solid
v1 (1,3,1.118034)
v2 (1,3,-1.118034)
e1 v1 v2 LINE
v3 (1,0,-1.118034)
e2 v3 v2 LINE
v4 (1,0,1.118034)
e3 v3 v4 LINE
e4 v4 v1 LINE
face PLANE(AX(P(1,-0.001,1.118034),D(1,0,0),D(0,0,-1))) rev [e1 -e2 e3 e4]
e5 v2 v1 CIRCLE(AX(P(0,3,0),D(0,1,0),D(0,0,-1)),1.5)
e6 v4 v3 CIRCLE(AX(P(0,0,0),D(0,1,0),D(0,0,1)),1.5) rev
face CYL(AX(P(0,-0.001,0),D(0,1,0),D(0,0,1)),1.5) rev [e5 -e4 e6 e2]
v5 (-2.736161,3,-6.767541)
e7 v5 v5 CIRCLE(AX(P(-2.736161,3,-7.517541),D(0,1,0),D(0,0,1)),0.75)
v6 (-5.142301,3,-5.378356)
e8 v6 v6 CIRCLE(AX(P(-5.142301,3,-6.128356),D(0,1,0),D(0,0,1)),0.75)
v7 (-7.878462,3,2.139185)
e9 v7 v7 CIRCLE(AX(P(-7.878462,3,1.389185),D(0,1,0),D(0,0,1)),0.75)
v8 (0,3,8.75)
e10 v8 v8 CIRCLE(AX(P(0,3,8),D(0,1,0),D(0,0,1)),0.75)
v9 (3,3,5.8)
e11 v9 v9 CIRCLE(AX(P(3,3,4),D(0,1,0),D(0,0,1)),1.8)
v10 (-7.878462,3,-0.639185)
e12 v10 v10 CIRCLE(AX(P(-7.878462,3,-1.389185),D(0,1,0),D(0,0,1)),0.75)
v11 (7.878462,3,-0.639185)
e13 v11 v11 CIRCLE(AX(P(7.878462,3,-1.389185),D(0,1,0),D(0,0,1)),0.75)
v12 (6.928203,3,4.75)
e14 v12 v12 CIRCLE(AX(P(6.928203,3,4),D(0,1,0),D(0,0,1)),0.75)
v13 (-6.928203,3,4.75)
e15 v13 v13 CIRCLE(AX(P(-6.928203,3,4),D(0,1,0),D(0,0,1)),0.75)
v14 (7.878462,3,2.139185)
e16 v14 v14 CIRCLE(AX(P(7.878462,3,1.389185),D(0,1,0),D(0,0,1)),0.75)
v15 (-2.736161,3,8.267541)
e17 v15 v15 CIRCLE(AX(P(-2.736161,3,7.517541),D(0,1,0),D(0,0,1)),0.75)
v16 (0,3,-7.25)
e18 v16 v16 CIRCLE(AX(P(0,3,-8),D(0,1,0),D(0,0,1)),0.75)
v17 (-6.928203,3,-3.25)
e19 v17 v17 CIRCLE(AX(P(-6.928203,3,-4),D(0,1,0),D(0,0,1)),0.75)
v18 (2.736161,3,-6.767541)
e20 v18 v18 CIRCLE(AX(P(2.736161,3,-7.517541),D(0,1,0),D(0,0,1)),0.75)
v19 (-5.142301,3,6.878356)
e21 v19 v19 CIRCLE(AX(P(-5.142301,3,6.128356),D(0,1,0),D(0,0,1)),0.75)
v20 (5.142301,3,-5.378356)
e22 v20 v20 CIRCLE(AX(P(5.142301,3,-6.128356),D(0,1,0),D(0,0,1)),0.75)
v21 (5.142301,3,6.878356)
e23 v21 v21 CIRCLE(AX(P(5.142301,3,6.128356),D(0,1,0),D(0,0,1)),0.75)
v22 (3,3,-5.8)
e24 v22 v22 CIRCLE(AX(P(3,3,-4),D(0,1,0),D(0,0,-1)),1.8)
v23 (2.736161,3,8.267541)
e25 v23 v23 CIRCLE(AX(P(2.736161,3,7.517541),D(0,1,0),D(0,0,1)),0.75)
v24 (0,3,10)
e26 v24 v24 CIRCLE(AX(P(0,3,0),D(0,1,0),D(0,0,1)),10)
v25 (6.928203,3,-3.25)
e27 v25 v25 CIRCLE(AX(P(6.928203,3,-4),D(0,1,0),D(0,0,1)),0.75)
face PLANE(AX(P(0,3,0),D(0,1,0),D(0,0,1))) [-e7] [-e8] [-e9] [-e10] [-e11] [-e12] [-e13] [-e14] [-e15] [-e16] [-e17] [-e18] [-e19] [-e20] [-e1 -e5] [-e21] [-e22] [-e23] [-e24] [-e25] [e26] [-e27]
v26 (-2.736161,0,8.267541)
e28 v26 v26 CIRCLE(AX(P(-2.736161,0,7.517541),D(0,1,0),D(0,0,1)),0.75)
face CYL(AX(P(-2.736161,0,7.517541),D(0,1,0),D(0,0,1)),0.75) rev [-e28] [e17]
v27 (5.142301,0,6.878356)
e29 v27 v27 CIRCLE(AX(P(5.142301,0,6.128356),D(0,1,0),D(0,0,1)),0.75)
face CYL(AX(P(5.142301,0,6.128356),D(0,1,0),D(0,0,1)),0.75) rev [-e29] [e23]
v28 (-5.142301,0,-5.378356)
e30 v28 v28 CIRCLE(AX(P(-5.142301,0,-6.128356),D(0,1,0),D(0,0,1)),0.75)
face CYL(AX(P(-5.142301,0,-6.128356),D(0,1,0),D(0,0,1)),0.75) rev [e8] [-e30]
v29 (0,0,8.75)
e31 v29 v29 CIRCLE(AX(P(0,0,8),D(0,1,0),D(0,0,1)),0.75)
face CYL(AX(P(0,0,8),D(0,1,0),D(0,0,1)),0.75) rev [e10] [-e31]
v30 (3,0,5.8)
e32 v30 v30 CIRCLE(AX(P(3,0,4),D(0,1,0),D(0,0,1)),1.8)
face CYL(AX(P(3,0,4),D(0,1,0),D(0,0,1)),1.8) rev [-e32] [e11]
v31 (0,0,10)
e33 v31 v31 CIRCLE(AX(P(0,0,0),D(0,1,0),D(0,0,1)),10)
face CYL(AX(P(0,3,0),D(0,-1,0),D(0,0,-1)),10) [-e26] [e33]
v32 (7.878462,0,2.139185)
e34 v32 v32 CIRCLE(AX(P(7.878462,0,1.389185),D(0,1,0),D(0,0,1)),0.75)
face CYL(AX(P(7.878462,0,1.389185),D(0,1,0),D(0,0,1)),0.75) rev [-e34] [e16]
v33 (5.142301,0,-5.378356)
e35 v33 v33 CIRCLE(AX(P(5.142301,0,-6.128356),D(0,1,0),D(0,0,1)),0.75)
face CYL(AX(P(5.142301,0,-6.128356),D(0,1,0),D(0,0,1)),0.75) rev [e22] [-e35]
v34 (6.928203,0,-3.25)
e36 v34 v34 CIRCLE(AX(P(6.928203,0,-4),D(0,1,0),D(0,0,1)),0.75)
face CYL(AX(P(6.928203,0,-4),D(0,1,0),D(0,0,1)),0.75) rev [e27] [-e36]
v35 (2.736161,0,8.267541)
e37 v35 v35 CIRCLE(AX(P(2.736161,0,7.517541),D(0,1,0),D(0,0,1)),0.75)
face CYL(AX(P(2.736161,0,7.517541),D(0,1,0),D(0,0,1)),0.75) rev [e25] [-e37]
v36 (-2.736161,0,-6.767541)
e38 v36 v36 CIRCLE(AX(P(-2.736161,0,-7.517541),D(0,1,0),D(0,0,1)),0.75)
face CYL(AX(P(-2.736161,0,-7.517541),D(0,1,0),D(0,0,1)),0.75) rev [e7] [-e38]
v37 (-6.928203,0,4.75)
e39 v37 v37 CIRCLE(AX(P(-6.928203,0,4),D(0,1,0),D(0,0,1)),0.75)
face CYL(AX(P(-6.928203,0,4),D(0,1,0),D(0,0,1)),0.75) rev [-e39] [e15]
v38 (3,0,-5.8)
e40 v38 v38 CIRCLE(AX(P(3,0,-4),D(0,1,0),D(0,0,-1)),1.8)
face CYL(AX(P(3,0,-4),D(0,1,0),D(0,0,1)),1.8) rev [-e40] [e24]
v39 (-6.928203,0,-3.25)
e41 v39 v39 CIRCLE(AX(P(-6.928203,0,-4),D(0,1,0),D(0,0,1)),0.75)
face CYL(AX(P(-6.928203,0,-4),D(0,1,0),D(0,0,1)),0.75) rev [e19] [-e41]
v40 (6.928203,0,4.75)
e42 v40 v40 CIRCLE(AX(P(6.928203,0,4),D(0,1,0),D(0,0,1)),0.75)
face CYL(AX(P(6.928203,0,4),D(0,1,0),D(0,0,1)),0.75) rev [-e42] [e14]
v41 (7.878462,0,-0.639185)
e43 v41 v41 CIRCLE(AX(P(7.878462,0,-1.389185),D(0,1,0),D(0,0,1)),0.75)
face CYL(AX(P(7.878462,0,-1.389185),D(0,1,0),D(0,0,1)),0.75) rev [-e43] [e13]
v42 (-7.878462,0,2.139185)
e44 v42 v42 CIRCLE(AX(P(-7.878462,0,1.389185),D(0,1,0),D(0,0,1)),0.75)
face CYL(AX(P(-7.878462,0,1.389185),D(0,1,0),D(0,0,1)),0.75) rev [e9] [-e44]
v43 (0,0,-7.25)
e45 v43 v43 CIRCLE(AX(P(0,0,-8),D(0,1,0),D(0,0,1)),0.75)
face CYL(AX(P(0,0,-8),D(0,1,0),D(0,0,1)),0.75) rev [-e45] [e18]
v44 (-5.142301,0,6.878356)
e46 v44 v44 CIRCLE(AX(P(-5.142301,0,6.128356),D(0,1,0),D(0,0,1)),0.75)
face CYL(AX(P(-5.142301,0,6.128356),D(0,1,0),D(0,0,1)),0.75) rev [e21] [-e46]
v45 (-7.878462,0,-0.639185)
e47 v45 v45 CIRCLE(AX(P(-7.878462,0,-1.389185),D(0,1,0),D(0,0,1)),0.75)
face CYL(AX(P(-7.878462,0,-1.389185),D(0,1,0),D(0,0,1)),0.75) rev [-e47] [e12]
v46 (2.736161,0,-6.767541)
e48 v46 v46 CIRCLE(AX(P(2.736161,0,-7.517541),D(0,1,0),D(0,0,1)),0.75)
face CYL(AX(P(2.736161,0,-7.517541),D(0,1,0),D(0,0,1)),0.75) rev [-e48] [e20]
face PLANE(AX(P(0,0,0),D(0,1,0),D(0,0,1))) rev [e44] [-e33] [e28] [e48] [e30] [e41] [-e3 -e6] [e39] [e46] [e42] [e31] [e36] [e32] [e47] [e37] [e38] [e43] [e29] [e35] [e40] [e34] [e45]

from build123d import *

# Parameters (mm, degrees)
SKETCH_1_R          = 10
EXTRUDE_1_DEPTH     = 3
SKETCH_3_R          = 0.75
CUT_EXTRUDE_2_DEPTH = 15.456832295
SKETCH_4_R          = 1.8
CUT_EXTRUDE_3_DEPTH = 15.456832295
CUT_EXTRUDE_6_REACH = 16.457


with BuildPart() as part:
    # 草图1 → 凸台-拉伸1 (new body)
    with BuildSketch(Plane(origin=(0, 0, 0), x_dir=(1, 0, 0), z_dir=(0, 1, 0))):
        with Locations(Location((0, 0, 0), (0, 0, 270))):
            Circle(SKETCH_1_R)
    extrude(amount=EXTRUDE_1_DEPTH)

    # 草图3 → 切除-拉伸2 (cut, through all)
    with BuildSketch(Plane(origin=(0, 3, 0), x_dir=(1, 0, 0), z_dir=(0, 1, 0))):
        with Locations(Location((0, 8, 0), (0, 0, 270))):
            Circle(SKETCH_3_R)
        with Locations(Location((2.736161147, 7.517540966, 0), (0, 0, 270))):
            Circle(SKETCH_3_R)
        with Locations(Location((5.142300877, 6.128355545, 0), (0, 0, 270))):
            Circle(SKETCH_3_R)
        with Locations(Location((6.92820323, 4, 0), (0, 0, 270))):
            Circle(SKETCH_3_R)
        with Locations(Location((7.878462024, 1.389185421, 0), (0, 0, 270))):
            Circle(SKETCH_3_R)
        with Locations(Location((7.878462024, -1.389185421, 0), (0, 0, 270))):
            Circle(SKETCH_3_R)
        with Locations(Location((6.92820323, -4, 0), (0, 0, 270))):
            Circle(SKETCH_3_R)
        with Locations(Location((5.142300877, -6.128355545, 0), (0, 0, 270))):
            Circle(SKETCH_3_R)
        with Locations(Location((2.736161147, -7.517540966, 0), (0, 0, 270))):
            Circle(SKETCH_3_R)
        with Locations(Location((0, -8, 0), (0, 0, 270))):
            Circle(SKETCH_3_R)
        with Locations(Location((-2.736161147, -7.517540966, 0), (0, 0, 270))):
            Circle(SKETCH_3_R)
        with Locations(Location((-5.142300877, -6.128355545, 0), (0, 0, 270))):
            Circle(SKETCH_3_R)
        with Locations(Location((-6.92820323, -4, 0), (0, 0, 270))):
            Circle(SKETCH_3_R)
        with Locations(Location((-7.878462024, -1.389185421, 0), (0, 0, 270))):
            Circle(SKETCH_3_R)
        with Locations(Location((-7.878462024, 1.389185421, 0), (0, 0, 270))):
            Circle(SKETCH_3_R)
        with Locations(Location((-6.92820323, 4, 0), (0, 0, 270))):
            Circle(SKETCH_3_R)
        with Locations(Location((-5.142300877, 6.128355545, 0), (0, 0, 270))):
            Circle(SKETCH_3_R)
        with Locations(Location((-2.736161147, 7.517540966, 0), (0, 0, 270))):
            Circle(SKETCH_3_R)
    extrude(amount=-CUT_EXTRUDE_2_DEPTH, mode=Mode.SUBTRACT)

    # 草图4 → 切除-拉伸3 (cut, through all)
    with BuildSketch(Plane(origin=(0, 3, 0), x_dir=(1, 0, 0), z_dir=(0, 1, 0))):
        with Locations(Location((3, -4, 0), (0, 0, 270))):
            Circle(SKETCH_4_R)
        with Locations(Location((3, 4, 0), (0, 0, 90))):
            Circle(SKETCH_4_R)
    extrude(amount=-CUT_EXTRUDE_3_DEPTH, mode=Mode.SUBTRACT)

    # 草图2 → 切除-拉伸6 (cut, up to next)
    with BuildSketch(Plane(origin=(0, 3, 0), x_dir=(1, 0, 0), z_dir=(0, 1, 0)), mode=Mode.PRIVATE) as cut_extrude_6_sk1:
        with BuildLine():
            Line((1, -1.118033989), (1, 1.118033989))
            ThreePointArc((1, 1.118033989), (-1.5, 0), (1, -1.118033989))
        make_face()
    cut_extrude_6_tool1 = extrude(cut_extrude_6_sk1.sketch, amount=-CUT_EXTRUDE_6_REACH, mode=Mode.PRIVATE) & part.part
    add(cut_extrude_6_tool1.solids().sort_by_distance((-0.148024, 3, 0))[0], mode=Mode.SUBTRACT)


solid = part.part
